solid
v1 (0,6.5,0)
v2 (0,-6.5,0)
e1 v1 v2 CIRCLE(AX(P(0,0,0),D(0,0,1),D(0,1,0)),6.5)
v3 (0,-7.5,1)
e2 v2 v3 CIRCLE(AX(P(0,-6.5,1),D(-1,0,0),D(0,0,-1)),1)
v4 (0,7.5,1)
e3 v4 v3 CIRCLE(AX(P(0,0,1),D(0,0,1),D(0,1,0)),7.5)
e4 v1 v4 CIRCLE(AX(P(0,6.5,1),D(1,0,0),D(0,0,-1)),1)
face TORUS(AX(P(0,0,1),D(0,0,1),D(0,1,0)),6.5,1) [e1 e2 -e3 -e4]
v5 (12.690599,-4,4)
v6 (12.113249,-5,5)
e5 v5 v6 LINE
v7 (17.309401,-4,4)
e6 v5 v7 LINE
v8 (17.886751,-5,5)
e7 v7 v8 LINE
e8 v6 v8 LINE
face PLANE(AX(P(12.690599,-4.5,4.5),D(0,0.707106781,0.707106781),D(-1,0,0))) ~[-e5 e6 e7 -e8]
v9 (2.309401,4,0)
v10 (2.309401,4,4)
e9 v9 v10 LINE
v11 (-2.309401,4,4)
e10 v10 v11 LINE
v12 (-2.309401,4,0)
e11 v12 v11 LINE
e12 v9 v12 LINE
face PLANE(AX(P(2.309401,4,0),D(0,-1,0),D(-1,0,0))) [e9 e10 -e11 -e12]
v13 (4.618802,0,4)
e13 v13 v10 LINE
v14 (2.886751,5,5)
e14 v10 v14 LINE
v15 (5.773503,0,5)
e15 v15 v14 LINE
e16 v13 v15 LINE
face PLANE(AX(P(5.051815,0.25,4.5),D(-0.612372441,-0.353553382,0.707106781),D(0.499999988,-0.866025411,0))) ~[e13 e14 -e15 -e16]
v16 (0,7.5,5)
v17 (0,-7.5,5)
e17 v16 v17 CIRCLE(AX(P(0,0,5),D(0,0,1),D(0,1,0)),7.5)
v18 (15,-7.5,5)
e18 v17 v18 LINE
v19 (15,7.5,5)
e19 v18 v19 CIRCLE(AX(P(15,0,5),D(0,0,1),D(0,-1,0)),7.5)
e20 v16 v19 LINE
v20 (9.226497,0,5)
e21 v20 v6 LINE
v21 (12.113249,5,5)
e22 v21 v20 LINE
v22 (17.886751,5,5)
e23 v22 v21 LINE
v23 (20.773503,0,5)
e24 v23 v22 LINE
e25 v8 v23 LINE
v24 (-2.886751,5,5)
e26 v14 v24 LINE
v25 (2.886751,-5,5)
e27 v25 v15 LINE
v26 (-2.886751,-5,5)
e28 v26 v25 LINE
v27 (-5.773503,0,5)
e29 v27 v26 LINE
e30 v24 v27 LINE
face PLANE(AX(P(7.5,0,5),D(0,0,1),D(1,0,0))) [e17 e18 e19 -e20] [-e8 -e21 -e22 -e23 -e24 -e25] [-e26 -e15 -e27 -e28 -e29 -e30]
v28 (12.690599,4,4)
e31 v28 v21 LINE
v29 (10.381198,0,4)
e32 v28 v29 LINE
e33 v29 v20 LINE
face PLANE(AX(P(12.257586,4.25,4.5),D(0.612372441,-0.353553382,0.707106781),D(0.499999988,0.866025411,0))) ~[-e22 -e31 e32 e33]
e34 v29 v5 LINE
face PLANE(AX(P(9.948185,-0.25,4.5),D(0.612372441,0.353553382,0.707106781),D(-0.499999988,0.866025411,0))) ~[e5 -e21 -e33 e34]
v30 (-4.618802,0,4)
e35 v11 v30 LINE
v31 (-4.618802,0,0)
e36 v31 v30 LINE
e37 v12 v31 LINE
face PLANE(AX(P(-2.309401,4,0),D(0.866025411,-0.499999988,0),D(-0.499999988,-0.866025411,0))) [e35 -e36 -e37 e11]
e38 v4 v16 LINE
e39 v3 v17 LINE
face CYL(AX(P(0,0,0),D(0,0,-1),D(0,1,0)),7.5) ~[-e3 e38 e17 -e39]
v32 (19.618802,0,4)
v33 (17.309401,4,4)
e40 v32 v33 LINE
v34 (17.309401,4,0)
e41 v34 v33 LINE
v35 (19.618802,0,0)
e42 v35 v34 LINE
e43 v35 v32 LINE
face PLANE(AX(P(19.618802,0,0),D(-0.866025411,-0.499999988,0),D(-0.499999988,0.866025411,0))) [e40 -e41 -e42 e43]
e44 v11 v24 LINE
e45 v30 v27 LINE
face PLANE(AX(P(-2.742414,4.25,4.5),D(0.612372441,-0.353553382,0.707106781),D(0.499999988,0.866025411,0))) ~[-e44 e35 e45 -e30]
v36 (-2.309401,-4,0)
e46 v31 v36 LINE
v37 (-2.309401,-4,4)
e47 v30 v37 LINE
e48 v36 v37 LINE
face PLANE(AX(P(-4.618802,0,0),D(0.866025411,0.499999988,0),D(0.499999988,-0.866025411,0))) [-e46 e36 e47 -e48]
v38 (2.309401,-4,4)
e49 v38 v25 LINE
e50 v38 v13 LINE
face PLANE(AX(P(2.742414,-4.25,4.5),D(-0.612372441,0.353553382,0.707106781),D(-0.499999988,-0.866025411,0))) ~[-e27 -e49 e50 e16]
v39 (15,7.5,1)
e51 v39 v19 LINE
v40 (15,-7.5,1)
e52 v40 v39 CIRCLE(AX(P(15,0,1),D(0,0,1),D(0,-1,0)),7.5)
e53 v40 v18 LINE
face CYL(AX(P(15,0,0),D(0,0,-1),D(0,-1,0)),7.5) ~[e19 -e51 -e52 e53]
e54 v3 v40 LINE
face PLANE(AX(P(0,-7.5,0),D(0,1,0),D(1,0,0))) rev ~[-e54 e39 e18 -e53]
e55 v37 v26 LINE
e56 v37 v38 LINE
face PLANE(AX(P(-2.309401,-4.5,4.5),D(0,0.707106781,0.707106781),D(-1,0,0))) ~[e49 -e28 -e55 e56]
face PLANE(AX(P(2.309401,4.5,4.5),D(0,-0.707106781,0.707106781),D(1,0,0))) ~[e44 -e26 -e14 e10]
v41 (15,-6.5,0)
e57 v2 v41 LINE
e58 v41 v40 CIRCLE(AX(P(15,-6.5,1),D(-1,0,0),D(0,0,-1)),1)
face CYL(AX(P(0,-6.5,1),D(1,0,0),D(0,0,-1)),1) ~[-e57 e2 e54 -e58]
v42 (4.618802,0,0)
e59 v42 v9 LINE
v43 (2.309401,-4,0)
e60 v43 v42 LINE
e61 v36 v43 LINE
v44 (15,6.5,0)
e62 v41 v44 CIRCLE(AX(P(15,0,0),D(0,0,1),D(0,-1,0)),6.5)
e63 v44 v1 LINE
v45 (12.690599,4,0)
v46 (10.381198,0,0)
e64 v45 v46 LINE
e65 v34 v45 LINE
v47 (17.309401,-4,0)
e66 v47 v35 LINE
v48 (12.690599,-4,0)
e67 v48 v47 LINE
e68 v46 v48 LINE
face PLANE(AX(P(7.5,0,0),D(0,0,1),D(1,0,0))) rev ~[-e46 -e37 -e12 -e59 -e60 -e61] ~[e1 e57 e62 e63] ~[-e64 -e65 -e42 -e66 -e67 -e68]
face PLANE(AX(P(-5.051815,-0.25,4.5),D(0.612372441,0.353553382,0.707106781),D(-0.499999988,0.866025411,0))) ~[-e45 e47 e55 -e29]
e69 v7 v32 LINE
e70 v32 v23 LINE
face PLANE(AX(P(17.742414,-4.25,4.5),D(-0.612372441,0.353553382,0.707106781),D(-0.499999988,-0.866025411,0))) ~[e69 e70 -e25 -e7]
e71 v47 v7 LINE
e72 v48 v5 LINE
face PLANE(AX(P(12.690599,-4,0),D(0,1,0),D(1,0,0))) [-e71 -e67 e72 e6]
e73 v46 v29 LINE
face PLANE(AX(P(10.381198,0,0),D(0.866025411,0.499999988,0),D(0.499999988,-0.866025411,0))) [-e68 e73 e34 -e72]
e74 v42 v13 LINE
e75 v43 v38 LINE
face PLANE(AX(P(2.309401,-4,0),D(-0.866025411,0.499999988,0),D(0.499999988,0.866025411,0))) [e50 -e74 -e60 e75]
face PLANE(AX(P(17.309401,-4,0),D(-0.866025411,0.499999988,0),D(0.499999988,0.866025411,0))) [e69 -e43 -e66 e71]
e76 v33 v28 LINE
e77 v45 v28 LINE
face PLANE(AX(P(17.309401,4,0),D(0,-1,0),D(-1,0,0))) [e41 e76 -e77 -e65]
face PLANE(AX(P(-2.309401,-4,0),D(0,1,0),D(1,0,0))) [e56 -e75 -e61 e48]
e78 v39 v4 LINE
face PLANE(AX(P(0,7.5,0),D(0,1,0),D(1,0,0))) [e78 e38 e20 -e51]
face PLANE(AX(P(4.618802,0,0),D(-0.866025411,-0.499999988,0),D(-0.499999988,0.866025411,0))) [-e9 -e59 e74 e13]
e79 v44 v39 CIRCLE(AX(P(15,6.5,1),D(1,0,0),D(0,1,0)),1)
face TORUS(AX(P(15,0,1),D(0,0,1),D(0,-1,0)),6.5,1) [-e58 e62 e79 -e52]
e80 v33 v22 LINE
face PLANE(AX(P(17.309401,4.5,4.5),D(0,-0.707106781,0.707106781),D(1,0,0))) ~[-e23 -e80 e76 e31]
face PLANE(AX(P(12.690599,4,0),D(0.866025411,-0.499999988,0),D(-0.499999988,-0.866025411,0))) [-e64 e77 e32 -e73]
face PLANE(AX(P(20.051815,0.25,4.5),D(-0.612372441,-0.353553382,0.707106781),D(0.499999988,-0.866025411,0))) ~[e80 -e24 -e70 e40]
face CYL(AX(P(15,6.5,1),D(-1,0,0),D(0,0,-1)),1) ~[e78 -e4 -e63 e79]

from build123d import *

# Parameters (mm, degrees)
PAD_DEPTH    = 5
CHAMFER_SIZE = 1
FILLET_R     = 1


with BuildPart() as part:
    # Sketch → Pad (new body)
    with BuildSketch(Plane.XY):
        with BuildLine():
            ThreePointArc((0, 7.5), (-7.5, 0), (0, -7.5))
            Line((0, -7.5), (15, -7.5))
            ThreePointArc((15, -7.5), (22.5, 0), (15, 7.5))
            Line((0, 7.5), (15, 7.5))
        make_face()
        Polygon((2.309401, 4), (-2.309401, 4), (-4.618802, 0), (-2.309401, -4), (2.309401, -4), (4.618802, 0), align=None, mode=Mode.SUBTRACT)
        Polygon((12.690599, 4), (10.381198, 0), (12.690599, -4), (17.309401, -4), (19.618802, 0), (17.309401, 4), align=None, mode=Mode.SUBTRACT)
    extrude(amount=PAD_DEPTH)

    # Chamfer
    chamfer_edges = [part.edges().sort_by_distance(p)[0] for p in [
        (11.535898, 2, 5),
        (15, 4, 5),
        (18.464102, 2, 5),
        (18.464102, -2, 5),
        (15, -4, 5),
        (11.535898, -2, 5),
        (3.464102, 2, 5),
        (0, 4, 5),
        (-3.464102, 2, 5),
        (-3.464102, -2, 5),
        (0, -4, 5),
        (3.464102, -2, 5),
    ]]
    chamfer(chamfer_edges, length=CHAMFER_SIZE)

    # Fillet
    fillet_edges = [part.edges().sort_by_distance(p)[0] for p in [
        (7.5, -7.5, 0),
    ]]
    fillet(fillet_edges, radius=FILLET_R)


solid = part.part
